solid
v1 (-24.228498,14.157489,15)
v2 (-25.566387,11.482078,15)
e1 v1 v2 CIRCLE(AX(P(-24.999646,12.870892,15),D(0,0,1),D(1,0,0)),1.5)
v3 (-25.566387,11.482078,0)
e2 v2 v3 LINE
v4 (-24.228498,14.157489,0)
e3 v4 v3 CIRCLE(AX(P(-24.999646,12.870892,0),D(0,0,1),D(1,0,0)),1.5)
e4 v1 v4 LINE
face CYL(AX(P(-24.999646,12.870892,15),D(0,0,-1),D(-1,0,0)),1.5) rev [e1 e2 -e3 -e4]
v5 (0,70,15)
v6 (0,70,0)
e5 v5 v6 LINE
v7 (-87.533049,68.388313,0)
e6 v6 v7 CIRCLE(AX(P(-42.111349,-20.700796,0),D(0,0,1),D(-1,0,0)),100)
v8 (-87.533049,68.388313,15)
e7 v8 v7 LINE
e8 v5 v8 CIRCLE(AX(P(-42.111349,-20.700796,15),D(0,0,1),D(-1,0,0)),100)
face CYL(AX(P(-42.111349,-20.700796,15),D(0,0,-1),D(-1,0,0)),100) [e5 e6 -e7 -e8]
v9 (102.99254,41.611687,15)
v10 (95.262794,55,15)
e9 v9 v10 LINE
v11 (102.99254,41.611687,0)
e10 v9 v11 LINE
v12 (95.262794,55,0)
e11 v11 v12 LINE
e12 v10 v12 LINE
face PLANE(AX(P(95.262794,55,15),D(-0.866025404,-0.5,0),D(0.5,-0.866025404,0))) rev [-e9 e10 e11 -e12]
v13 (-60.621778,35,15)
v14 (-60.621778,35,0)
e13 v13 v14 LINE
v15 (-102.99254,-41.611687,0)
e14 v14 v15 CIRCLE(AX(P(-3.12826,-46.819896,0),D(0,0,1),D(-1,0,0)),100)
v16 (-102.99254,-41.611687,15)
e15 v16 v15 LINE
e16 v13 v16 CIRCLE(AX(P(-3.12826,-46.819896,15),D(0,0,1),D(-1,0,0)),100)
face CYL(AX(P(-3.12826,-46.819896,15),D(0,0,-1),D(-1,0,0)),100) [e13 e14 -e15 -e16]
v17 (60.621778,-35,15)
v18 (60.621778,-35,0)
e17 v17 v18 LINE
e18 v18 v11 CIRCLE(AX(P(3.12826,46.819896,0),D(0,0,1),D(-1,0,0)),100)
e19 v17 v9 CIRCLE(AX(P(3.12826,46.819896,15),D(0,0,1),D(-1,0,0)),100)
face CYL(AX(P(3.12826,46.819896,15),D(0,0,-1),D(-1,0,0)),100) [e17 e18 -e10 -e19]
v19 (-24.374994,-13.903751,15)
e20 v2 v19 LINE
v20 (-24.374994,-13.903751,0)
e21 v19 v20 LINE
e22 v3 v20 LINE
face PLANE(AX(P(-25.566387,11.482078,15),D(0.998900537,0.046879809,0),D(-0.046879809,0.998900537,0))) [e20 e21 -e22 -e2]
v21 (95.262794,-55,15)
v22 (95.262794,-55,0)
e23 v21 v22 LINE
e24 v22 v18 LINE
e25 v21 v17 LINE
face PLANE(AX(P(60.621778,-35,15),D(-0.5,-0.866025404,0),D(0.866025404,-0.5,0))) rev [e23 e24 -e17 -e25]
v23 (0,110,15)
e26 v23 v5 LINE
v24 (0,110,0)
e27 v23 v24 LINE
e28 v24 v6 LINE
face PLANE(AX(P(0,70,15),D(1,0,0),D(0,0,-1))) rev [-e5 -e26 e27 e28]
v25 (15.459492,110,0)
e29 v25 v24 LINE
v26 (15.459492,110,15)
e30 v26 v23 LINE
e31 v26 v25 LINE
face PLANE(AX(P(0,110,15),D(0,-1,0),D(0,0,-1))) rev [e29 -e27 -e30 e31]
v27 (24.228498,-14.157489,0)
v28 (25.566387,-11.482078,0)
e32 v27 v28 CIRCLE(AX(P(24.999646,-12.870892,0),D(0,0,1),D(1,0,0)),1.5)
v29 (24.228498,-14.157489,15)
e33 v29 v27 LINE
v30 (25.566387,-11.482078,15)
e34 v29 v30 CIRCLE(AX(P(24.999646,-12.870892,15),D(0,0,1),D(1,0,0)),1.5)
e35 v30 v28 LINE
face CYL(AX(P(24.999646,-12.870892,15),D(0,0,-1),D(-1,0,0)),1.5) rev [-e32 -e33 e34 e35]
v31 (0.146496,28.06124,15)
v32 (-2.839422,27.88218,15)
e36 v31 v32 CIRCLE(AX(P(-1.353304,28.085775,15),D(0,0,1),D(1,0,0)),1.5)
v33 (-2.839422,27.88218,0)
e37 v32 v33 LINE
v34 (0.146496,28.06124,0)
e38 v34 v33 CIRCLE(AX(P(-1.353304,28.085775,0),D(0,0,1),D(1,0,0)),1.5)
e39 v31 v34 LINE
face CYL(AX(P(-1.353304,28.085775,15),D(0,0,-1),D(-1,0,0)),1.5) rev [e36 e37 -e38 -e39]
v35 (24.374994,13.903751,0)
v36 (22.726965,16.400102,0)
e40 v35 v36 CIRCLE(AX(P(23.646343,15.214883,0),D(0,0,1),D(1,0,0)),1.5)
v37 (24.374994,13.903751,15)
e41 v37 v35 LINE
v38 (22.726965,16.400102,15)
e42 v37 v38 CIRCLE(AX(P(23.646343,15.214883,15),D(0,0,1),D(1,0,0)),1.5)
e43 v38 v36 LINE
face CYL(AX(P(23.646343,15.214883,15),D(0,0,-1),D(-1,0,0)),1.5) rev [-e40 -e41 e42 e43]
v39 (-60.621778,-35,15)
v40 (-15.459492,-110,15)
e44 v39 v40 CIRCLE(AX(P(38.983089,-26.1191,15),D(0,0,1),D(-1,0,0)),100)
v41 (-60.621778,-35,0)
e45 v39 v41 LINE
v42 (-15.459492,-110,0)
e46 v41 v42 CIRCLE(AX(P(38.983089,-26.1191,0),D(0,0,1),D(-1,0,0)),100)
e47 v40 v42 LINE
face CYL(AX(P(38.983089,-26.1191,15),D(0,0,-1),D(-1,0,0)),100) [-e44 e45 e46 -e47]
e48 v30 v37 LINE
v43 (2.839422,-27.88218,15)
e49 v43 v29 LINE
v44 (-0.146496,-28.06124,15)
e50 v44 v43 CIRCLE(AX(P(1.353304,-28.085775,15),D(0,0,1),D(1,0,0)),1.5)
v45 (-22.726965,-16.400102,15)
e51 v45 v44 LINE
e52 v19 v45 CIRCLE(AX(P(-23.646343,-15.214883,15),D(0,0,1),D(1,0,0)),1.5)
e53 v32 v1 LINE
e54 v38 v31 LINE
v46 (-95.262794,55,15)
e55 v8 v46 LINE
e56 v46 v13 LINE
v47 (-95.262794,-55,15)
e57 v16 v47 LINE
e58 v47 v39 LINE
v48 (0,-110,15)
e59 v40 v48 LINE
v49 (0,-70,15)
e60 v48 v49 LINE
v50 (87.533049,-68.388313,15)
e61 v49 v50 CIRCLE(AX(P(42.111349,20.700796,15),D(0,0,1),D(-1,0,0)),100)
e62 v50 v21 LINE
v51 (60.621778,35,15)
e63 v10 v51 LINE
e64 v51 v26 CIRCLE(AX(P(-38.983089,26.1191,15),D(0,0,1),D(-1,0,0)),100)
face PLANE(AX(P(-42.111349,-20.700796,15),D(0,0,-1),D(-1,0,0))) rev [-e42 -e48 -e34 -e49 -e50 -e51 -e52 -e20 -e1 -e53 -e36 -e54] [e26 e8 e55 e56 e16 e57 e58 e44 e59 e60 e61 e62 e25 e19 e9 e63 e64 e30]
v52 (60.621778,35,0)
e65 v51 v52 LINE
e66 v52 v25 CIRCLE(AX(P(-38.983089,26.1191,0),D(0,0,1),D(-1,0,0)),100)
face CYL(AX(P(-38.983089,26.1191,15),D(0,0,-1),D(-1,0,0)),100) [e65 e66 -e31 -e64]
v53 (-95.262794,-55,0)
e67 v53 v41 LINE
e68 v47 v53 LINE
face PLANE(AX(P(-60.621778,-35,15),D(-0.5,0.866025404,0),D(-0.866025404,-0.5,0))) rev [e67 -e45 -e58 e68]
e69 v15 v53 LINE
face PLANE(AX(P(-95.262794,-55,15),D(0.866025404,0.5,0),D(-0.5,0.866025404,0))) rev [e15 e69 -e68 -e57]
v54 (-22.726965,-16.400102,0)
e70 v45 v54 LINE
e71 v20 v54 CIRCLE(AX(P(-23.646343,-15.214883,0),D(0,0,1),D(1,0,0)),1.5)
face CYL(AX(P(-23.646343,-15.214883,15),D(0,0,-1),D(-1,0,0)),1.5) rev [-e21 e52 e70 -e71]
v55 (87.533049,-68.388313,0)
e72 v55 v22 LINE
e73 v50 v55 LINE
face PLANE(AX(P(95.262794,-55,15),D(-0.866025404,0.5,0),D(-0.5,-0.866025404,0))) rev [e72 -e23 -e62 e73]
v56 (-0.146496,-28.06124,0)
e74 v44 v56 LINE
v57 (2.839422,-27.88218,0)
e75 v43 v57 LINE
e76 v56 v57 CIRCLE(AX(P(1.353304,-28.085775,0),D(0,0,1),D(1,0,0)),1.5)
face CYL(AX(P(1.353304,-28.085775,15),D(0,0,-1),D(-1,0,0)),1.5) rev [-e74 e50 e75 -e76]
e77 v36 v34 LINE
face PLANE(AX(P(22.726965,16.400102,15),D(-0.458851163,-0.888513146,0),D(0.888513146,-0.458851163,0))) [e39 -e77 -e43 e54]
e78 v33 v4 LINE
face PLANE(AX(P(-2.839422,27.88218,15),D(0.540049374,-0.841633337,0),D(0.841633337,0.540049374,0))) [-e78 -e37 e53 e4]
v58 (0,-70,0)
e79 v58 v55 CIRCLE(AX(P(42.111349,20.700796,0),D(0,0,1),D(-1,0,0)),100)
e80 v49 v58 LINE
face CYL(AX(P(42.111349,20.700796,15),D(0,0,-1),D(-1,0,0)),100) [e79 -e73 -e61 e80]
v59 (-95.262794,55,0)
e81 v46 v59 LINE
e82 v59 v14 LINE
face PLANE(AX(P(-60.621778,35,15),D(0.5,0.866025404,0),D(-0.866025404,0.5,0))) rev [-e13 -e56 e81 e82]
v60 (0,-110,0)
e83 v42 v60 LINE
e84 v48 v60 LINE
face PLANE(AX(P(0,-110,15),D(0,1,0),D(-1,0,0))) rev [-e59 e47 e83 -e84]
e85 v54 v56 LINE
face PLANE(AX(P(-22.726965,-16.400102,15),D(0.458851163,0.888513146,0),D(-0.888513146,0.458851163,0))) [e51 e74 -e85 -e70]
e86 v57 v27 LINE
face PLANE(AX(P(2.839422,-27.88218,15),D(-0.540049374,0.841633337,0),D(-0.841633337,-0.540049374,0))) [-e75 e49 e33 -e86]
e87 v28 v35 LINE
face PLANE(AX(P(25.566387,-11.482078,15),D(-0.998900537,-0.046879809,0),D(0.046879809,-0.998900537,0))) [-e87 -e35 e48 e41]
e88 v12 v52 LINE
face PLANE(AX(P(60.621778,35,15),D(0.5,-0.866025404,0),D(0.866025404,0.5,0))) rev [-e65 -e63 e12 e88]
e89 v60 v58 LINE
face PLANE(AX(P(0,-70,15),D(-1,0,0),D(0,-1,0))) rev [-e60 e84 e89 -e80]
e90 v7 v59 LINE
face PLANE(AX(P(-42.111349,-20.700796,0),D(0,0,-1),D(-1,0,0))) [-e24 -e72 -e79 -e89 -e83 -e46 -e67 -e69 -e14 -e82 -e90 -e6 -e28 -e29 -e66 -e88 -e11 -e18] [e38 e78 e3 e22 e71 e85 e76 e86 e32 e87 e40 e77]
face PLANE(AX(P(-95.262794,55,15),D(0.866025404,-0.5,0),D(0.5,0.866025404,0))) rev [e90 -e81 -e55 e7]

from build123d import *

# Parameters (mm, degrees)
BOSS_EXTRUDE1_DEPTH = 15


with BuildPart() as part:
    # Sketch1 → Boss-Extrude1 (new body)
    with BuildSketch(Plane.XY):
        with BuildLine():
            Line((0, 70), (0, 110))
            Line((0, 110), (15.459491817, 110))
            ThreePointArc((15.459491817, 110), (46.684314733, 77.704911176), (60.621778265, 35))
            Line((60.621778265, 35), (95.262794416, 55))
            Line((95.262794416, 55), (102.992540325, 41.611687357))
            ThreePointArc((102.992540325, 41.611687357), (90.636584443, -1.577346929), (60.621778265, -35))
            Line((60.621778265, -35), (95.262794416, -55))
            Line((95.262794416, -55), (87.533048508, -68.388312643))
            ThreePointArc((87.533048508, -68.388312643), (43.952269711, -79.282258105), (0, -70))
            Line((0, -70), (0, -110))
            Line((0, -110), (-15.459491817, -110))
            ThreePointArc((-15.459491817, -110), (-46.684314733, -77.704911176), (-60.621778265, -35))
            Line((-60.621778265, -35), (-95.262794416, -55))
            Line((-95.262794416, -55), (-102.992540325, -41.611687357))
            ThreePointArc((-102.992540325, -41.611687357), (-90.636584443, 1.577346929), (-60.621778265, 35))
            Line((-60.621778265, 35), (-95.262794416, 55))
            Line((-95.262794416, 55), (-87.533048508, 68.388312643))
            ThreePointArc((-87.533048508, 68.388312643), (-43.952269711, 79.282258105), (0, 70))
        make_face()
        with BuildLine():
            Line((-2.839422275, 27.882179507), (-24.228498402, 14.15748888))
            ThreePointArc((-24.228498402, 14.15748888), (-26.341250207, 13.541785954), (-25.566386903, 11.482077931))
            Line((-25.566386903, 11.482077931), (-24.374994225, -13.903750672))
            ThreePointArc((-24.374994225, -13.903750672), (-24.898155753, -16.041298869), (-22.726964628, -16.400101575))
            Line((-22.726964628, -16.400101575), (-0.146495823, -28.061239552))
            ThreePointArc((-0.146495823, -28.061239552), (1.443094454, -29.583084824), (2.839422275, -27.882179507))
            Line((2.839422275, -27.882179507), (24.228498402, -14.15748888))
            ThreePointArc((24.228498402, -14.15748888), (26.341250207, -13.541785954), (25.566386903, -11.482077931))
            Line((25.566386903, -11.482077931), (24.374994225, 13.903750672))
            ThreePointArc((24.374994225, 13.903750672), (24.898155753, 16.041298869), (22.726964628, 16.400101575))
            Line((22.726964628, 16.400101575), (0.146495823, 28.061239552))
            ThreePointArc((0.146495823, 28.061239552), (-1.443094454, 29.583084824), (-2.839422275, 27.882179507))
        make_face(mode=Mode.SUBTRACT)
    extrude(amount=BOSS_EXTRUDE1_DEPTH)


solid = part.part
